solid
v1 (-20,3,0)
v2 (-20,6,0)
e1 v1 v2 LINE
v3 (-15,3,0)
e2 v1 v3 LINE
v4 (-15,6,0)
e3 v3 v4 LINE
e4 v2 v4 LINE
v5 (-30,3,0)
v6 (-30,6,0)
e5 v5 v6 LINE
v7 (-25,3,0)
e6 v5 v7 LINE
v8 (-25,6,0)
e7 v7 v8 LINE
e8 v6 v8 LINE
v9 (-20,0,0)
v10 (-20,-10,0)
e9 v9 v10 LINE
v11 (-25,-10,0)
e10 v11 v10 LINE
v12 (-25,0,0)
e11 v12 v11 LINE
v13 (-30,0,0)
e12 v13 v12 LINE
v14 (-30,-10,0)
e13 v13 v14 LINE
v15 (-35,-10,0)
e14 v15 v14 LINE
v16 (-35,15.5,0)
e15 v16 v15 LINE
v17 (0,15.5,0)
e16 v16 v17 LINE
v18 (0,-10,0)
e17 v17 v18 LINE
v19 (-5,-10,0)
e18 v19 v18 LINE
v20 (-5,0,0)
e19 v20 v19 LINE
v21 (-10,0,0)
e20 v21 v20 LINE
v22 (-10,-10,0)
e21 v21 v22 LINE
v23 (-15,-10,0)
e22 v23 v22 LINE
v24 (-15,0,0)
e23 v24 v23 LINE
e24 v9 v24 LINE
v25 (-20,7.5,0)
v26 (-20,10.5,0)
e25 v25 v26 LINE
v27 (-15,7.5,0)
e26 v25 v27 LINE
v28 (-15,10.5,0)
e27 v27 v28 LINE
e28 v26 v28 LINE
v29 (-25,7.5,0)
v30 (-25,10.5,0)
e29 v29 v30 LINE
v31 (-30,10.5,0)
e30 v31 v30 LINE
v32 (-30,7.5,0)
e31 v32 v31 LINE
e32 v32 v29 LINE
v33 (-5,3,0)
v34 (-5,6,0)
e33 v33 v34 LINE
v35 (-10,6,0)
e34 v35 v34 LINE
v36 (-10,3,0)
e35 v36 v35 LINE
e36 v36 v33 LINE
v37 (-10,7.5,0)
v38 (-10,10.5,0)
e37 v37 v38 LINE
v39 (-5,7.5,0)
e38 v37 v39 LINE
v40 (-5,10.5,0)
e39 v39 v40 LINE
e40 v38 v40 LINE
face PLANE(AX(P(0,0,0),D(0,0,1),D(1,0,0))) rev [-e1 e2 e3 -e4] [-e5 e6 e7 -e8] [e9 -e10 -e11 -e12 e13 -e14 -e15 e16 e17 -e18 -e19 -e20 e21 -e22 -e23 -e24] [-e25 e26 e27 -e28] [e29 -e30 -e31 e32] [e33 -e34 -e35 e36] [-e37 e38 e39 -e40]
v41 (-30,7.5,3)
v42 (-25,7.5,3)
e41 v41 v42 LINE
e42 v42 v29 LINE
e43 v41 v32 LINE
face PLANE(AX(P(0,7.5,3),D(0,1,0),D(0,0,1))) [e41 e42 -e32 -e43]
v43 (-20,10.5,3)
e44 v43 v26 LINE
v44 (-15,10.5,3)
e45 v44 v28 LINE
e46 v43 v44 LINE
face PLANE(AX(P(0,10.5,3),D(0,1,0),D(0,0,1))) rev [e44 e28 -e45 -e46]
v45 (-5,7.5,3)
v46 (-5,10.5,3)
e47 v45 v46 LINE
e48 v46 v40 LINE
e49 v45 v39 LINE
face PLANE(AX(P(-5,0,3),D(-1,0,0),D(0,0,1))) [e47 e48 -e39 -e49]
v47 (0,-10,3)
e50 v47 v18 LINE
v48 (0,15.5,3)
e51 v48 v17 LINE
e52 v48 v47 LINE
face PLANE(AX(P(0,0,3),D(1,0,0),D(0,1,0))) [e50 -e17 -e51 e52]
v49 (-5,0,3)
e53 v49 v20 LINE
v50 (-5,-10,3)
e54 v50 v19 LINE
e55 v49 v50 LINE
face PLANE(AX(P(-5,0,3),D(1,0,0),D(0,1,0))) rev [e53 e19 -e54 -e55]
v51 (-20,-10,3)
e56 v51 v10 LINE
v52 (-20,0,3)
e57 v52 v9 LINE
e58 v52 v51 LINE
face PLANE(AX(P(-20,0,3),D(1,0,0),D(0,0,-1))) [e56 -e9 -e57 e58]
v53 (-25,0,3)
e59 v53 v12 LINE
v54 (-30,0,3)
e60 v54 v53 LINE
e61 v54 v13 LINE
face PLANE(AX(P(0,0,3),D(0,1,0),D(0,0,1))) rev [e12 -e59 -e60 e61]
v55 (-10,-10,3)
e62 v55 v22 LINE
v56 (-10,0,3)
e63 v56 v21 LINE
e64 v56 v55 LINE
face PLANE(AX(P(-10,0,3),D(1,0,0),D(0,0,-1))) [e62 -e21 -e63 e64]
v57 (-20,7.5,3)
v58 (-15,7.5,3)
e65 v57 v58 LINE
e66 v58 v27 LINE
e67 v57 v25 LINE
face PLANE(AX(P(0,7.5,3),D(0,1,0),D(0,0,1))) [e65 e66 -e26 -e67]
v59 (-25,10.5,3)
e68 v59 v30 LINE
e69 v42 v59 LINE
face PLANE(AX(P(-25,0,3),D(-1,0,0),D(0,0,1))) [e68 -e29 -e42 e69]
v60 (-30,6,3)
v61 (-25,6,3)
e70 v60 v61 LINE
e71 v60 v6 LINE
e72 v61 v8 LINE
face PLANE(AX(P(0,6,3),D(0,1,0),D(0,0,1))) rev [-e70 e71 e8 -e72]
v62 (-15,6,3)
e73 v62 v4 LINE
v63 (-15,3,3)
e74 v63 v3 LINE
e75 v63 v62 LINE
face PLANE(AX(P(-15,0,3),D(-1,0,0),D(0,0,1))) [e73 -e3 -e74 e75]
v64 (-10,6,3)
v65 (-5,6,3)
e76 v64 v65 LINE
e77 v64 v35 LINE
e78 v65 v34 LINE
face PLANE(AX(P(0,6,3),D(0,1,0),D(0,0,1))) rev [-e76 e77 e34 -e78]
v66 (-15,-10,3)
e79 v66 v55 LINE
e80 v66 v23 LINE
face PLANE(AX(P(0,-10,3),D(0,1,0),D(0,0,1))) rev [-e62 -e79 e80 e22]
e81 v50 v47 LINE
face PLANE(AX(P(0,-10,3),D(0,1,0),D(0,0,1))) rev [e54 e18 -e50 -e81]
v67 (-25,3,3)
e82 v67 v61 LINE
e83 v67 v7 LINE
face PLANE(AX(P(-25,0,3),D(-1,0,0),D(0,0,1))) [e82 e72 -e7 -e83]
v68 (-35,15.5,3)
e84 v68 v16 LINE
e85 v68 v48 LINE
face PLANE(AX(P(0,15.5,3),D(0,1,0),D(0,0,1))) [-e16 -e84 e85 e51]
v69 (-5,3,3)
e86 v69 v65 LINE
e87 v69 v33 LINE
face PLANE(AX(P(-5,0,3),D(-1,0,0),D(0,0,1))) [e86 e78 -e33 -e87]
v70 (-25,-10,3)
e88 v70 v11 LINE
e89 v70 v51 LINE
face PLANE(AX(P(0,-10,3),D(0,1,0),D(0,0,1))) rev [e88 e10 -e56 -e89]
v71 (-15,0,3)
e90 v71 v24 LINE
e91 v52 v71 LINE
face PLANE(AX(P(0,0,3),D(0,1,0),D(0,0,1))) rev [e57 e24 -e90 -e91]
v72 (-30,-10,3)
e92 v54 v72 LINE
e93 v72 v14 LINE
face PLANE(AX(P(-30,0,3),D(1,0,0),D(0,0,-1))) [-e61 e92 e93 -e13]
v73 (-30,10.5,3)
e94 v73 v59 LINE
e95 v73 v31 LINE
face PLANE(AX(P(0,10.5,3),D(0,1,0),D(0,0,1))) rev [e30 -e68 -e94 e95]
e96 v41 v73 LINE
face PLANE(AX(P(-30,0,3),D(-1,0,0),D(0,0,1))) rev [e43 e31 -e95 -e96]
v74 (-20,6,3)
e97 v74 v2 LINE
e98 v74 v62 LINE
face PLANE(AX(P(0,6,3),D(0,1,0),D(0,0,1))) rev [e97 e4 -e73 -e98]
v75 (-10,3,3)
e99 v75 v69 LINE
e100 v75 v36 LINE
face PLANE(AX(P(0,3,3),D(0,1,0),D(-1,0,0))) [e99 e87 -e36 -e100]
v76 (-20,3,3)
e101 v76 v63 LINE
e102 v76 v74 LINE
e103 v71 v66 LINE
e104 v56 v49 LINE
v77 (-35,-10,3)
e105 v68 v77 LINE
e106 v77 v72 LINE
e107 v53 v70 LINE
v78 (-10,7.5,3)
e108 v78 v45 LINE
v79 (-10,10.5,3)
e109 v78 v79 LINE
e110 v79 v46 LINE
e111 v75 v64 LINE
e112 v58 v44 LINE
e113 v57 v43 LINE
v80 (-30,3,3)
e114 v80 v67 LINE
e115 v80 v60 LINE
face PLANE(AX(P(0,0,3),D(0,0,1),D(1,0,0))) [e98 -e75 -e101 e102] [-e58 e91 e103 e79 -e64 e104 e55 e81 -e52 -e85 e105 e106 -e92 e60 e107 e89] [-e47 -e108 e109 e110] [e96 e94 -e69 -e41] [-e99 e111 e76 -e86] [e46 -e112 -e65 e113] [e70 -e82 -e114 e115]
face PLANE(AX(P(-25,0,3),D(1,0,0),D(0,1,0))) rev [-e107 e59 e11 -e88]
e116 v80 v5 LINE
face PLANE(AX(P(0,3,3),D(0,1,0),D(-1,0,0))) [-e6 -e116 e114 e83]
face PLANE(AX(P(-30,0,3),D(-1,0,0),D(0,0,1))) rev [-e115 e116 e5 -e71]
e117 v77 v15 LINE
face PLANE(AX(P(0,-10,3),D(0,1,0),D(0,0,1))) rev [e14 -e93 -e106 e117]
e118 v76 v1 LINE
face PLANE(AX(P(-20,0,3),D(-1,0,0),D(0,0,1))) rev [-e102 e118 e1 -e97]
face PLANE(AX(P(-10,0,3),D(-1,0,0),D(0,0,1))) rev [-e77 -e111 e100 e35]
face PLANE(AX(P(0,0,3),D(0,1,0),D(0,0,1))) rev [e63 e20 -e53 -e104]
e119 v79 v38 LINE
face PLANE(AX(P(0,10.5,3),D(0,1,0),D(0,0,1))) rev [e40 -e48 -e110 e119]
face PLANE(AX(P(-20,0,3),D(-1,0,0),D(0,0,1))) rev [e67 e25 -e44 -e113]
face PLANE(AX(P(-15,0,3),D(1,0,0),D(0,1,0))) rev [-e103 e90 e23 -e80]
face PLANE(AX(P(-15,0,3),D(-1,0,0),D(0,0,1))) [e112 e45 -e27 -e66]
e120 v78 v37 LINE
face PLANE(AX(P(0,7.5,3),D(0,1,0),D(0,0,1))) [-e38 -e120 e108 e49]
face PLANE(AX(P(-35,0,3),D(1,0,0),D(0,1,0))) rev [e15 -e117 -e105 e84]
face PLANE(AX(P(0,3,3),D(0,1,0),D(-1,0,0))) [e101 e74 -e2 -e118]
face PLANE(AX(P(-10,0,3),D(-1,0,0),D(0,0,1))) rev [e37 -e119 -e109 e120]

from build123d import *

# Parameters (mm, degrees)
ESQUISSE1_W        = 5
ESQUISSE1_H        = 3
BOSS_EXTRU_1_DEPTH = 3


with BuildPart() as part:
    # Esquisse1 → Boss.-Extru.1 (new body)
    with BuildSketch(Plane.XY):
        Polygon((-20, -10), (-20, 0), (-15, 0), (-15, -10), (-10, -10), (-10, 0), (-5, 0), (-5, -10), (0, -10), (0, 15.5), (-35, 15.5), (-35, -10), (-30, -10), (-30, 0), (-25, 0), (-25, -10), align=None)
        with Locations((-7.5, 9)):
            Rectangle(ESQUISSE1_W, ESQUISSE1_H, mode=Mode.SUBTRACT)
        with Locations((-17.5, 9)):
            Rectangle(ESQUISSE1_W, ESQUISSE1_H, mode=Mode.SUBTRACT)
        with Locations((-27.5, 9)):
            Rectangle(ESQUISSE1_W, ESQUISSE1_H, mode=Mode.SUBTRACT)
        with Locations((-7.5, 4.5)):
            Rectangle(ESQUISSE1_W, ESQUISSE1_H, mode=Mode.SUBTRACT)
        with Locations((-17.5, 4.5)):
            Rectangle(ESQUISSE1_W, ESQUISSE1_H, mode=Mode.SUBTRACT)
        with Locations((-27.5, 4.5)):
            Rectangle(ESQUISSE1_W, ESQUISSE1_H, mode=Mode.SUBTRACT)
    extrude(amount=BOSS_EXTRU_1_DEPTH)


solid = part.part
